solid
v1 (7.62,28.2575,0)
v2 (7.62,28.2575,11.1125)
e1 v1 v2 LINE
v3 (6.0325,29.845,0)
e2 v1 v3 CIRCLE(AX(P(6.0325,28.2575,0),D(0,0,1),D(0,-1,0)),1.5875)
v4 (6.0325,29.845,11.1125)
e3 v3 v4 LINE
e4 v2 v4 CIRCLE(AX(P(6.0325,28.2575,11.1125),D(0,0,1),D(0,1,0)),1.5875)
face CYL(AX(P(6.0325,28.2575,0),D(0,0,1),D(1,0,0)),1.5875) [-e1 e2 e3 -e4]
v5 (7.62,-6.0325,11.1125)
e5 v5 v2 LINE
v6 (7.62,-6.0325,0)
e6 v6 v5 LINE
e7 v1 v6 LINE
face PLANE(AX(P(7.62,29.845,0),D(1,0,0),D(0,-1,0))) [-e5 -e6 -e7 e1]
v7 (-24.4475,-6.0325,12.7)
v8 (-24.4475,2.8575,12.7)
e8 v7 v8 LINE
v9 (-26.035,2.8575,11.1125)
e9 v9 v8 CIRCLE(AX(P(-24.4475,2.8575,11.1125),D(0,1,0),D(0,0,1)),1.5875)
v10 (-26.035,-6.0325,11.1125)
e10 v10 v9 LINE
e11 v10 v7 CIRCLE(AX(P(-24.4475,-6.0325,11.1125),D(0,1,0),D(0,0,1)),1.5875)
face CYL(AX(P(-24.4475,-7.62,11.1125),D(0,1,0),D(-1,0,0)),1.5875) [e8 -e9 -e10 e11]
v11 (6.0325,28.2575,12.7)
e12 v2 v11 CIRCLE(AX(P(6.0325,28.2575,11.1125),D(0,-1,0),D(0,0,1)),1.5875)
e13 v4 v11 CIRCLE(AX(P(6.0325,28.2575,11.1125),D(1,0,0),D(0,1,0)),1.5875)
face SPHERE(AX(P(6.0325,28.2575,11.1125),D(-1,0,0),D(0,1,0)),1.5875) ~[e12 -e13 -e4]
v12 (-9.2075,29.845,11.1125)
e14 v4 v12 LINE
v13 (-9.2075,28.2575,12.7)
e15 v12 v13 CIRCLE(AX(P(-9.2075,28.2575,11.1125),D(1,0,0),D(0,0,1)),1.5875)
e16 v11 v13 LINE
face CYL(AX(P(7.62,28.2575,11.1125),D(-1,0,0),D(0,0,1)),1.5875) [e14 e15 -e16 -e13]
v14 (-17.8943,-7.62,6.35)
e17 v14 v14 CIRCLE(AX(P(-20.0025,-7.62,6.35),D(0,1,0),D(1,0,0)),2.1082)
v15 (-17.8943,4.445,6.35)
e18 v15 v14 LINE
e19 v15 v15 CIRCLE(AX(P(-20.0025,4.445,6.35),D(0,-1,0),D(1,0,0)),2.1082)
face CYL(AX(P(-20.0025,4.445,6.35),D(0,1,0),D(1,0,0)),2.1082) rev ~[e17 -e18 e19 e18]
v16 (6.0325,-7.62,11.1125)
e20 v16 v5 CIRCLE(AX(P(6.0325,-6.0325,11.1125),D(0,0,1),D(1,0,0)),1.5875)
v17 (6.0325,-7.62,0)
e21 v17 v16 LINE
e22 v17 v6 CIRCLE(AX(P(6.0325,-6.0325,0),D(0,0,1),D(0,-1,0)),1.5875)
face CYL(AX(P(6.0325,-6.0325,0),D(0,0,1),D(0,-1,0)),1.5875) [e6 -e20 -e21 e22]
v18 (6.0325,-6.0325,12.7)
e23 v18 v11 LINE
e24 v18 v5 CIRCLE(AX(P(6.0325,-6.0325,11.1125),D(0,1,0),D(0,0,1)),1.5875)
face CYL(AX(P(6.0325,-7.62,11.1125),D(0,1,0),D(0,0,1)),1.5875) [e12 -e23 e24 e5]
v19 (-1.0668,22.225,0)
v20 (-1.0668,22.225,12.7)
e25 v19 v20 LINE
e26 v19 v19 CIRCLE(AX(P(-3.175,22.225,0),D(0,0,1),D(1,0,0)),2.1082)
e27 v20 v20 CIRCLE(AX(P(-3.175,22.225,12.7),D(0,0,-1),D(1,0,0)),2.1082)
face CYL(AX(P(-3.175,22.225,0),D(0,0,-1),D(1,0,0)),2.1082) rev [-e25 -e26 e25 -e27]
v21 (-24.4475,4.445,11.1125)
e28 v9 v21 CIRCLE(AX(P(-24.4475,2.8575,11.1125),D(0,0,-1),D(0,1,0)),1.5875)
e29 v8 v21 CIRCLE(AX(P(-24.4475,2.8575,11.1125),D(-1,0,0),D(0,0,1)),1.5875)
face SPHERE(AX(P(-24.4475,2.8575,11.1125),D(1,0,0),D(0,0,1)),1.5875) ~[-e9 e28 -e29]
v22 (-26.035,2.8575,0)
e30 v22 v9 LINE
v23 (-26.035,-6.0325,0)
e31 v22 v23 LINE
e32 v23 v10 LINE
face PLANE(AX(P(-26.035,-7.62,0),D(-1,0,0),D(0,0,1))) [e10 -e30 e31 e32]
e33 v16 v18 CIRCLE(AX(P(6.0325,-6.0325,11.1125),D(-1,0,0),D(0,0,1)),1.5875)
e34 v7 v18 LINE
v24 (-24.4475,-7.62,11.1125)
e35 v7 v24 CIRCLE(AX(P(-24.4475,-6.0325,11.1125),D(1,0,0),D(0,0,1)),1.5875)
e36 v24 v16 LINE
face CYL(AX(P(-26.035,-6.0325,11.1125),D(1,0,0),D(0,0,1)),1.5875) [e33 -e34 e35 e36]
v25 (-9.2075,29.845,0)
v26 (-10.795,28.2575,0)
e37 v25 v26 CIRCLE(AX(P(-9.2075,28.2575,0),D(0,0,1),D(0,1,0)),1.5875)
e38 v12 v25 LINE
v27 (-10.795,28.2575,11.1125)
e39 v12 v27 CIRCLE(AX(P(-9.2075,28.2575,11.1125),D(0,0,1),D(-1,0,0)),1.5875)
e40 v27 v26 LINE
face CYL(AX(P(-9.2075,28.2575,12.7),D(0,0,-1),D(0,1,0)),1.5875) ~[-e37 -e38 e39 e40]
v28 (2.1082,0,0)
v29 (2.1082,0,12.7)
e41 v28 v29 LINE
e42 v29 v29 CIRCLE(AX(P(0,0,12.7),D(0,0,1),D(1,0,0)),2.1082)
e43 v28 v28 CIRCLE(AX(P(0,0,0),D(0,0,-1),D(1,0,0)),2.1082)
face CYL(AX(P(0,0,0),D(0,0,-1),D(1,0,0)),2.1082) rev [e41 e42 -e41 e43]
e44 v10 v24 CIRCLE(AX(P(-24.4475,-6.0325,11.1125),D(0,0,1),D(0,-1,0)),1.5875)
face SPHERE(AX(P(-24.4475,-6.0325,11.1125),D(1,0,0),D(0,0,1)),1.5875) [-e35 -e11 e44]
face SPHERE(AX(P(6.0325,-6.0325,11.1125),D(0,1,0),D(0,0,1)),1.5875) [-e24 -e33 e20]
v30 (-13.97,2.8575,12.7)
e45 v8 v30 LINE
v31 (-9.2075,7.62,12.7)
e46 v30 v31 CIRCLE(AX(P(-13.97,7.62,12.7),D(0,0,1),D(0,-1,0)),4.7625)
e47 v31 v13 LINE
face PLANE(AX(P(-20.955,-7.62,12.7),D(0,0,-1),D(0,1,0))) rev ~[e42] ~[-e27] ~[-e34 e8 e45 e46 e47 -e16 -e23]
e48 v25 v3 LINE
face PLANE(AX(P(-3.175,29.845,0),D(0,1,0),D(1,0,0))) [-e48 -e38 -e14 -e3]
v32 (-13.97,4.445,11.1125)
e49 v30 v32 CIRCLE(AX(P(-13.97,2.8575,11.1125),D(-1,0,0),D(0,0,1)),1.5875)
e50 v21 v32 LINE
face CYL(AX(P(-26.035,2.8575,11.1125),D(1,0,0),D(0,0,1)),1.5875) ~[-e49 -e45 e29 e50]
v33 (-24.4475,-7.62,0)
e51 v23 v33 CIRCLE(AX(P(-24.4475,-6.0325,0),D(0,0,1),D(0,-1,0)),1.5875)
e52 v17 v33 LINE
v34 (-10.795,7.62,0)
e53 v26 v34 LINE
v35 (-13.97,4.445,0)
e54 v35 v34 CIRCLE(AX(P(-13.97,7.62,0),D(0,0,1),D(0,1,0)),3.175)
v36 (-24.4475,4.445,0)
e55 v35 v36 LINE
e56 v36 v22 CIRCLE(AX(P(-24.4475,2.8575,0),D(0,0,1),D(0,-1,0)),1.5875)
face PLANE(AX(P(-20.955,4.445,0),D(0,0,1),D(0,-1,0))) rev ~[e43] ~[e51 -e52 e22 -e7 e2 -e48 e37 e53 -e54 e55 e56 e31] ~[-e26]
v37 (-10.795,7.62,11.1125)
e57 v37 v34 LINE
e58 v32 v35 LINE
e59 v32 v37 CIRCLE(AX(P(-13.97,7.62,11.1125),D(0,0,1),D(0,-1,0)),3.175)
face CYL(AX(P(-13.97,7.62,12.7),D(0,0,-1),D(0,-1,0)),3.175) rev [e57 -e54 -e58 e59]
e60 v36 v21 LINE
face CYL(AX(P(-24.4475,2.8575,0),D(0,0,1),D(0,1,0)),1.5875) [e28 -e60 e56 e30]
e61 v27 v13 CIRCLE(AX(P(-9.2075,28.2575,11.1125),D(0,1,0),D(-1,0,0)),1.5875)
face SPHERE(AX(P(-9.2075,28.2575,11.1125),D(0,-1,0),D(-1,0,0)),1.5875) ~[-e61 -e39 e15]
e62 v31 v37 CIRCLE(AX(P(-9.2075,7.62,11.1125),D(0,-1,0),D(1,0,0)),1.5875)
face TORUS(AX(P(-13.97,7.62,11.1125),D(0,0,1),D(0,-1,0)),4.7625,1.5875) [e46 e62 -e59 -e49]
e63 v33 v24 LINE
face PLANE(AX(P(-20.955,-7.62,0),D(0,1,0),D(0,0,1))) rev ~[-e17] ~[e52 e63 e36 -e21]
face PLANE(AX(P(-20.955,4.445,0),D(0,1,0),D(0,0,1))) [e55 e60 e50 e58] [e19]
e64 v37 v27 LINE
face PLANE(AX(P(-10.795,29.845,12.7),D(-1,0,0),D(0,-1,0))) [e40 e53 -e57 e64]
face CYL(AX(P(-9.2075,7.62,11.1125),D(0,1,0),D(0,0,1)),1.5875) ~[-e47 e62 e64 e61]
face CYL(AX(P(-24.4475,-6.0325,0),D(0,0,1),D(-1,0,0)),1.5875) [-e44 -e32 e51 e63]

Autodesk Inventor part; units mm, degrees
ref_plane "YZ Plane" through (0, 0, 0) normal (1, 0, 0) x (0, 1, 0)
ref_plane "XZ Plane" through (0, 0, 0) normal (0, 1, 0) x (-1, 0, 0)
ref_plane "XY Plane" through (0, 0, 0) normal (0, 0, 1) x (1, 0, 0)
sketch "Sketch1" plane through (0, 0, 0) normal (0, 0, 1) x (1, 0, 0)
  line L0 (0, 0) -> (0, 22.225)
  line L1 (0, 22.225) -> (-3.175, 22.225)
  circle A0 centre (-3.175, 22.225) radius 2.1082
  circle A1 centre (0, 0) radius 2.1082
  line L2 (0, 0) -> (7.62, 0)
  line L3 (7.62, 0) -> (7.62, -7.62)
  line L4 (7.62, -7.62) -> (0, -7.62)
  line L5 (0, -7.62) -> (0, 0)
  line L6 (-3.175, 22.225) -> (-13.335, 22.225)
  line L7 (-13.335, 22.225) -> (-13.335, 29.845)
  line L8 (-13.335, 29.845) -> (-3.175, 29.845)
  line L9 (-3.175, 29.845) -> (-3.175, 22.225)
  line L10 (-13.335, 29.845) -> (7.62, 29.845)
  line L11 (7.62, 29.845) -> (7.62, -7.62)
  line L12 (7.62, -7.62) -> (-13.335, -7.62)
  line L13 (-13.335, -7.62) -> (-13.335, 29.845)
  line L14 (-13.335, 29.845) -> (-20.955, 29.845)
  line L15 (-20.955, 29.845) -> (-20.955, -7.62)
  line L16 (-20.955, -7.62) -> (-13.335, -7.62)
  line L17 (-13.335, -7.62) -> (-13.335, 29.845)
  point P0 (-3.175, 29.845)
  point P1 (-13.335, -7.62)
  dimension "d0" = 22.225
  dimension "d1" = 3.175
  dimension "d2" = 4.2164
  dimension "d3" = 4.2164
  dimension "d4" = 7.62
  dimension "d5" = 7.62
  dimension "d6" = 10.16
  dimension "d7" = 7.62
  dimension "d8" = 7.62
extrude "Extrusion1" add sketch "Sketch1" along normal blind 12.7 contours A1 L5 L12 L13 L6 A0 L1 L0 | L0 L1 A0 L9 L10 L11 L2 A1 | L2 L3 L4 L5 A1 | L16 L15 L14 L7 L13 | A0 L6 L7 L8 L9
sketch "Sketch2" plane through (0, 0, 12.7) normal (0, 0, 1) x (1, 0, 0)
  line L0 (-20.955, 29.845) -> (-20.955, -7.62) projected
  line L1 (-20.955, 29.845) -> (-10.795, 29.845)
  line L2 (-10.795, 29.845) -> (-10.795, 4.445)
  line L3 (-10.795, 4.445) -> (-20.955, 4.445)
  line L4 (-20.955, 4.445) -> (-20.955, 29.845)
  point P0 (0, 0)
  point P1 (-20.955, 4.445)
  dimension "d11" = 10.16
  dimension "d12" = 25.4
extrude "Extrusion2" cut sketch "Sketch2" against normal blind 31.75
fillet "Fillet1" radius 3.175 1 edges at (-10.795, 4.445, 6.35)
sketch "Sketch3" plane through (-20.955, -7.62, 0) normal (-1, 0, 0) x (0, 0, 1)
  point P0 (0, 7.62)
sketch "Sketch4" plane through (-20.955, -7.62, 0) normal (-1, 0, 0) x (0, 0, 1)
  line L0 (0, 12.065) -> (0, 0) projected
  line L1 (0, 12.065) -> (12.7, 12.065) projected
  line L2 (0, 0) -> (12.7, 0)
  line L3 (12.7, 0) -> (12.7, 12.065)
  line L4 (12.7, 12.065) -> (0, 12.065)
  line L5 (0, 12.065) -> (0, 0)
  point P0 (0, 7.62)
extrude "Extrusion3" add sketch "Sketch4" along normal blind 5.08
sketch "Sketch5" plane through (-13.97, 4.445, 12.7) normal (0, 1, 0) x (1, 0, 0)
  line L0 (-12.065, 0) -> (-12.065, 12.7) projected
  line L1 (0, 0) -> (-12.065, 0) projected
  line L2 (-12.065, 12.7) -> (0, 0)
  circle A0 centre (-6.0325, 6.35) radius 2.1082
  point P0 (13.97, 12.7)
  dimension "d18" = 4.2164
extrude "Extrusion4" cut sketch "Sketch5" against normal blind 20.32 contours A0 L2 | L2 A0
fillet "Fillet2" radius 1.5875 12 edges at (-11.7249, 5.3749, 12.7) (-10.795, 18.7325, 12.7) (-20.0025, 4.445, 12.7) (-10.795, 29.845, 6.35) (-1.5875, 29.845, 12.7) (7.62, 29.845, 6.35) (7.62, 11.1125, 12.7) (-9.2075, -7.62, 12.7) (-26.035, -1.5875, 12.7) (-26.035, -7.62, 6.35) (-26.035, 4.445, 6.35) (7.62, -7.62, 6.35)
properties part number "wing arm mount (left)"
